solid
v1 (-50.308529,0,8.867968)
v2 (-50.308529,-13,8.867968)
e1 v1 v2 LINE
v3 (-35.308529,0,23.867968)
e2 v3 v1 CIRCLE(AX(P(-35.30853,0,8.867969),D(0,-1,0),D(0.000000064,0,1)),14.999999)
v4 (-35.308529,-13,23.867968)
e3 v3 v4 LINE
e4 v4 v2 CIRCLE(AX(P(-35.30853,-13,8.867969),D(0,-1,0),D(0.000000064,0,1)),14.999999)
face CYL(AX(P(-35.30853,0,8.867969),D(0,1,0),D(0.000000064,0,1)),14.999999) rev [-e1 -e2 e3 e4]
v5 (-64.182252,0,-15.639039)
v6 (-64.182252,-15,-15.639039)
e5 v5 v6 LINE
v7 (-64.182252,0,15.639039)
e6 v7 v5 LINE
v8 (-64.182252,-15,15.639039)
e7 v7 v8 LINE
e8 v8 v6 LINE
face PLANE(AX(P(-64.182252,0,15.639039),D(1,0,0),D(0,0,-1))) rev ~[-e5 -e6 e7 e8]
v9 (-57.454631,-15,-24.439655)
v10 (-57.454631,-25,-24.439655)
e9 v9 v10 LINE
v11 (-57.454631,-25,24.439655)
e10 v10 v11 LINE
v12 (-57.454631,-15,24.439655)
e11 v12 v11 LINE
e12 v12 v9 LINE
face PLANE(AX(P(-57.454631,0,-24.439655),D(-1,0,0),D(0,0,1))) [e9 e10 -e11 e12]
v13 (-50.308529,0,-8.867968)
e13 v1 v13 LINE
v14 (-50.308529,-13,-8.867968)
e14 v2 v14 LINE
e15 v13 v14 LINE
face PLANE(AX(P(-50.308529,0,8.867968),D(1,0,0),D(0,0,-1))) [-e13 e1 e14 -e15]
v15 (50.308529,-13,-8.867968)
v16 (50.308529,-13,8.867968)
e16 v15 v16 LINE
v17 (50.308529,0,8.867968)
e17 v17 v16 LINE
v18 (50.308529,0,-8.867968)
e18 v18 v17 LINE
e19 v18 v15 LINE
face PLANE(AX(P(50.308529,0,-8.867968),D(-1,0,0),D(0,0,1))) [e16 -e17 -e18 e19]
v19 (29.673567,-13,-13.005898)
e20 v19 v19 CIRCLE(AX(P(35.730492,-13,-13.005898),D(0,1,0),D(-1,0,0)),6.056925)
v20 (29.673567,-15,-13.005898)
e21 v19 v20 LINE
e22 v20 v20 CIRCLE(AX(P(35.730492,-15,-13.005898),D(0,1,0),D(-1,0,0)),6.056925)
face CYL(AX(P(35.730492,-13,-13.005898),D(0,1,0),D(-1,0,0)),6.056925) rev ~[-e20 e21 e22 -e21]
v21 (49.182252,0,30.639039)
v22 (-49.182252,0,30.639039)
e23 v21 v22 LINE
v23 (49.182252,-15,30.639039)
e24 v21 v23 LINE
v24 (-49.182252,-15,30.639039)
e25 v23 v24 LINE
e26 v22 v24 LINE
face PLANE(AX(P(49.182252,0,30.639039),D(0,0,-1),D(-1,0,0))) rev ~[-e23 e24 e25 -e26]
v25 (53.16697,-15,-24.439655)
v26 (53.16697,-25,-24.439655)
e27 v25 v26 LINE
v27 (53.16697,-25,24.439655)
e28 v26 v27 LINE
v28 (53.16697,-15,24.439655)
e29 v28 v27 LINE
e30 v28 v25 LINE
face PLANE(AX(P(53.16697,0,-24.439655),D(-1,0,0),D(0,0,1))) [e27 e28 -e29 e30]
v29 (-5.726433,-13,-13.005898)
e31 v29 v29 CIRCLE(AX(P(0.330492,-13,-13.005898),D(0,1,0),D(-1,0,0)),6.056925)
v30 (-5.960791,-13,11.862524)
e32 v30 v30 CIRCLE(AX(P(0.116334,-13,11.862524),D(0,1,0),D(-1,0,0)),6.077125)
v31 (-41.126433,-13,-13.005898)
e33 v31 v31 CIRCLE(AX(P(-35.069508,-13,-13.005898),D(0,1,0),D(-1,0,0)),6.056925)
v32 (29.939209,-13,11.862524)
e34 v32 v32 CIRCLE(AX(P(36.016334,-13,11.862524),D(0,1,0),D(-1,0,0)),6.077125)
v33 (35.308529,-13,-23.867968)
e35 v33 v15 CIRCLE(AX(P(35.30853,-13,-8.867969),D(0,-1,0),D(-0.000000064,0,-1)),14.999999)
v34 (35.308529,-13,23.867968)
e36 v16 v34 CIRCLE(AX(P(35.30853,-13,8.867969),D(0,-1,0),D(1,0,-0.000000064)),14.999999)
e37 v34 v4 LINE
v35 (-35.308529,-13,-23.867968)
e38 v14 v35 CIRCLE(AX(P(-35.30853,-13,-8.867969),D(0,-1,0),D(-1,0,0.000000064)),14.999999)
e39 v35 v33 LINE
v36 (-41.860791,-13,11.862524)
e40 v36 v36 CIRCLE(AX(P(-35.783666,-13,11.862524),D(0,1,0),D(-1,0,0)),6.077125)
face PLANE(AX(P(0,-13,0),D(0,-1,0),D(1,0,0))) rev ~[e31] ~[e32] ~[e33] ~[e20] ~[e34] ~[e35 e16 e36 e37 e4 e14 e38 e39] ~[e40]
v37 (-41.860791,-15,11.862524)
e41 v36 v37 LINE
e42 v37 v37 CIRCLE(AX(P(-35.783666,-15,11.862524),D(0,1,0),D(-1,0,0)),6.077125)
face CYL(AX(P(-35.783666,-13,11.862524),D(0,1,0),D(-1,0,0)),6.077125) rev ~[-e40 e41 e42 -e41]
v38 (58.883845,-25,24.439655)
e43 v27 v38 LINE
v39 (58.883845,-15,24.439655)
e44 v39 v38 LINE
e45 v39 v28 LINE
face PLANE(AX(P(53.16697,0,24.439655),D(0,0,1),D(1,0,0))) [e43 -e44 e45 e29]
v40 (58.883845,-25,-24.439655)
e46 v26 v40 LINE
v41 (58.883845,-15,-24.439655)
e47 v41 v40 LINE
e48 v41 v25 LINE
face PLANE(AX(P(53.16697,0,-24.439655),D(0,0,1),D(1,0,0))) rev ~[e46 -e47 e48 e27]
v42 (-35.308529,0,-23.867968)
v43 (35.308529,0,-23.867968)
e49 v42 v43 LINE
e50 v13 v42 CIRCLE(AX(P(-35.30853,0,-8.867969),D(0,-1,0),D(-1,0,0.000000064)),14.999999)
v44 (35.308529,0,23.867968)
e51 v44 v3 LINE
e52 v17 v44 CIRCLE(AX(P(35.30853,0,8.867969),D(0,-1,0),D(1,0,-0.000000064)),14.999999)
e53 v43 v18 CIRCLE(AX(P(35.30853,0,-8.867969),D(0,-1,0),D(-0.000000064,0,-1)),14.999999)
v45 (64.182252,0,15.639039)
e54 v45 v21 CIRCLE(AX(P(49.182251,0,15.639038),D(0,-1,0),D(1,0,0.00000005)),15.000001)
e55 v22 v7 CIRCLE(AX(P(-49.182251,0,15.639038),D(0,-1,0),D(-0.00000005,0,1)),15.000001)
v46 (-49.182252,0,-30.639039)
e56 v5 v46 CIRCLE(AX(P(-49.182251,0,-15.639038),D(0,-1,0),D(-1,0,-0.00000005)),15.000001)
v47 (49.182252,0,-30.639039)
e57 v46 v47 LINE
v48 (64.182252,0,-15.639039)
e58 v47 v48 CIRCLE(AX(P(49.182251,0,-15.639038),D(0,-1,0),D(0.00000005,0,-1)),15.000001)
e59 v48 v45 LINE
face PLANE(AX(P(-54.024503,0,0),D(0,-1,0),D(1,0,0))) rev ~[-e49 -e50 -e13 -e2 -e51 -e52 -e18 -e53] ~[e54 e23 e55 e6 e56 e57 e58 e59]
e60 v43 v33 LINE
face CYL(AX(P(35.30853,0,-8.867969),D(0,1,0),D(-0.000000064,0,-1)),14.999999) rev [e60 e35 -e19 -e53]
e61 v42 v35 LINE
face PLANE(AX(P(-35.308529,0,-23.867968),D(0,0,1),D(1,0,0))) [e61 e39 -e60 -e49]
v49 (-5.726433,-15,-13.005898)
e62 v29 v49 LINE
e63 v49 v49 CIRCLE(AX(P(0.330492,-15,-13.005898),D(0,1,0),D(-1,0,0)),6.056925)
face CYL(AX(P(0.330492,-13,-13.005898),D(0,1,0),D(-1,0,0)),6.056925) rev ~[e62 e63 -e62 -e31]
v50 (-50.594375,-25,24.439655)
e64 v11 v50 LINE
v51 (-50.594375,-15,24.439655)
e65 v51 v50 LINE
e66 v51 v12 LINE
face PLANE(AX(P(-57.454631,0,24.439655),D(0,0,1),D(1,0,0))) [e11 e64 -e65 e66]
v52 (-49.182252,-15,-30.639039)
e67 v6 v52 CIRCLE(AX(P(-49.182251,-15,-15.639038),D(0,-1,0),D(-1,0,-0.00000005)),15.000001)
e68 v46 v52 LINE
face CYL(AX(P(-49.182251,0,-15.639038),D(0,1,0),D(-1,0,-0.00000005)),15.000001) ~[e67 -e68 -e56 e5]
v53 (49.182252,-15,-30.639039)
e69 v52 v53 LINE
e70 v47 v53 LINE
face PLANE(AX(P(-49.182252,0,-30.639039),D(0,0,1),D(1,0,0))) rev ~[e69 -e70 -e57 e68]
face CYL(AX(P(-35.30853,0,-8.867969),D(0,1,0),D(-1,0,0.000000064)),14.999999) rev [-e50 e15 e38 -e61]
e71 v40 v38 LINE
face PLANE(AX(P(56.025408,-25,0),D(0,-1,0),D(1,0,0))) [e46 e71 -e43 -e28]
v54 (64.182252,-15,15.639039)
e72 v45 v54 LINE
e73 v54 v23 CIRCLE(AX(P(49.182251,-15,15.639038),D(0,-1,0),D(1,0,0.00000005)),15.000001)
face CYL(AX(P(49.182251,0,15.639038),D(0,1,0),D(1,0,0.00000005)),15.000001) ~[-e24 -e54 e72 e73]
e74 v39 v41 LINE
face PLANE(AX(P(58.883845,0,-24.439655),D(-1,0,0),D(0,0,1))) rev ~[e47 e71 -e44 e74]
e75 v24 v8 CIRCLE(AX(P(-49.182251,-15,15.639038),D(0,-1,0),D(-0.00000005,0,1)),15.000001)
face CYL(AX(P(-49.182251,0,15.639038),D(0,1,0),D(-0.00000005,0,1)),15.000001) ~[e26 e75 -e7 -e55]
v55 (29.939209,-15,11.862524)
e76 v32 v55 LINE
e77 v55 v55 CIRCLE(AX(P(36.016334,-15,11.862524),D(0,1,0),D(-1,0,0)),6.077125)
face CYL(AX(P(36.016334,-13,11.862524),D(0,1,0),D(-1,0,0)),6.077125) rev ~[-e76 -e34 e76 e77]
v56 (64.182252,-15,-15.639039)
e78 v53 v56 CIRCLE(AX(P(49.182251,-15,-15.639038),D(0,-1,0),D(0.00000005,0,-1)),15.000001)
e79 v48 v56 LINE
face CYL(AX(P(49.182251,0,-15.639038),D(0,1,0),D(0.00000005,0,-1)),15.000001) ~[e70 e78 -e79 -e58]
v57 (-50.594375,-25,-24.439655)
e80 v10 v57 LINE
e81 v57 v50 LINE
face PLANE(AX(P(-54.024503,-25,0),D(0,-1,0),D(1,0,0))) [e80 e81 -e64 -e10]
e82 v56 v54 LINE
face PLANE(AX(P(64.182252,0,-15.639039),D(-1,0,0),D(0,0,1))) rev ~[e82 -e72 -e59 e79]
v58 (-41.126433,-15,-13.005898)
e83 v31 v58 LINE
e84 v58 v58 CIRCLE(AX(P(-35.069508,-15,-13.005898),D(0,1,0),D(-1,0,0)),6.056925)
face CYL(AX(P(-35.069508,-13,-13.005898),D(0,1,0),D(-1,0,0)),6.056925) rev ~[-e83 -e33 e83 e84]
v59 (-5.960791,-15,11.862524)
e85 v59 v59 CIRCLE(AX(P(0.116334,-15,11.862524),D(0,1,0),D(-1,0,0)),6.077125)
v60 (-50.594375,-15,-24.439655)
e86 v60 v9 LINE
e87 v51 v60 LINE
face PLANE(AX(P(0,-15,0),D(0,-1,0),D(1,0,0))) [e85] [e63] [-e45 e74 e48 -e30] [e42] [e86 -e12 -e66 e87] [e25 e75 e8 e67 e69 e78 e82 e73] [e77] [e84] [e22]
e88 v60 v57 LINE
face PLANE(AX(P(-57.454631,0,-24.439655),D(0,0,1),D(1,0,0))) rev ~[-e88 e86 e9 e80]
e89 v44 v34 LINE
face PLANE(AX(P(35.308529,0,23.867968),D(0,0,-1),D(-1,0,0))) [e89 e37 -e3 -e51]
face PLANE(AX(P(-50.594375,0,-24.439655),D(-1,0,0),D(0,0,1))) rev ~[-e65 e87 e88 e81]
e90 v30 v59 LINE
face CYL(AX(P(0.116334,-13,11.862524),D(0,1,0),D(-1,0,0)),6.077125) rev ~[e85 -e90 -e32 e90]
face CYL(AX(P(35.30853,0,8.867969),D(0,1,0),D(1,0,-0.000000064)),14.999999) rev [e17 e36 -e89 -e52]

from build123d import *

# Parameters (mm, degrees)
F1_DEPTH = 15
F3_DEPTH = 13
F4_R     = 6.077125
F4_R_2   = 6.056925
F5_DEPTH = 2.001
F6_W     = 6.860256
F6_H     = 48.87931
F6_W_2   = 5.716875
F7_DEPTH = 25


with BuildPart() as f1:
    # F0 (on Front) → F1 (new body)
    with BuildSketch(Plane.XZ):
        with BuildLine():
            ThreePointArc((-64.182252, -15.639039), (-59.788853, -26.245641), (-49.182252, -30.639039))
            Line((-49.182252, -30.639039), (49.182252, -30.639039))
            ThreePointArc((49.182252, -30.639039), (59.788853, -26.245641), (64.182252, -15.639039))
            Line((64.182252, -15.639039), (64.182252, 15.639039))
            ThreePointArc((64.182252, 15.639039), (59.788853, 26.245641), (49.182252, 30.639039))
            Line((49.182252, 30.639039), (-49.182252, 30.639039))
            ThreePointArc((-49.182252, 30.639039), (-59.788853, 26.245641), (-64.182252, 15.639039))
            Line((-64.182252, 15.639039), (-64.182252, -15.639039))
        make_face()
    extrude(amount=F1_DEPTH)

    # F2 (on Front) → F3 (cut)
    with BuildSketch(Plane.XZ):
        with BuildLine():
            ThreePointArc((-50.308529, -8.867968), (-45.915131, -19.47457), (-35.308529, -23.867968))
            Line((-35.308529, -23.867968), (35.308529, -23.867968))
            ThreePointArc((35.308529, -23.867968), (45.915131, -19.47457), (50.308529, -8.867968))
            Line((50.308529, -8.867968), (50.308529, 8.867968))
            ThreePointArc((50.308529, 8.867968), (45.915131, 19.47457), (35.308529, 23.867968))
            Line((35.308529, 23.867968), (-35.308529, 23.867968))
            ThreePointArc((-35.308529, 23.867968), (-45.915131, 19.47457), (-50.308529, 8.867968))
            Line((-50.308529, 8.867968), (-50.308529, -8.867968))
        make_face()
    extrude(amount=F3_DEPTH, mode=Mode.SUBTRACT)

    # F4 (on face) → F5 (cut, through all)
    with BuildSketch(Plane(origin=(0, -13, 0), x_dir=(-1, 0, 0), z_dir=(0, 1, 0))):
        with Locations((-36.016334, 11.862524)):
            Circle(F4_R)
        with Locations((-0.116334, 11.862524)):
            Circle(F4_R)
        with Locations((35.783666, 11.862524)):
            Circle(F4_R)
        with Locations((-35.730492, -13.005898)):
            Circle(F4_R_2)
        with Locations((-0.330492, -13.005898)):
            Circle(F4_R_2)
        with Locations((35.069508, -13.005898)):
            Circle(F4_R_2)
    extrude(amount=-F5_DEPTH, mode=Mode.SUBTRACT)

    # F6 (on Front) → F7 (join)
    with BuildSketch(Plane.XZ):
        with Locations((-54.024503, 0)):
            Rectangle(F6_W, F6_H)
        with Locations((56.025408, 0)):
            Rectangle(F6_W_2, F6_H)
    extrude(amount=F7_DEPTH)


solid = f1.part
